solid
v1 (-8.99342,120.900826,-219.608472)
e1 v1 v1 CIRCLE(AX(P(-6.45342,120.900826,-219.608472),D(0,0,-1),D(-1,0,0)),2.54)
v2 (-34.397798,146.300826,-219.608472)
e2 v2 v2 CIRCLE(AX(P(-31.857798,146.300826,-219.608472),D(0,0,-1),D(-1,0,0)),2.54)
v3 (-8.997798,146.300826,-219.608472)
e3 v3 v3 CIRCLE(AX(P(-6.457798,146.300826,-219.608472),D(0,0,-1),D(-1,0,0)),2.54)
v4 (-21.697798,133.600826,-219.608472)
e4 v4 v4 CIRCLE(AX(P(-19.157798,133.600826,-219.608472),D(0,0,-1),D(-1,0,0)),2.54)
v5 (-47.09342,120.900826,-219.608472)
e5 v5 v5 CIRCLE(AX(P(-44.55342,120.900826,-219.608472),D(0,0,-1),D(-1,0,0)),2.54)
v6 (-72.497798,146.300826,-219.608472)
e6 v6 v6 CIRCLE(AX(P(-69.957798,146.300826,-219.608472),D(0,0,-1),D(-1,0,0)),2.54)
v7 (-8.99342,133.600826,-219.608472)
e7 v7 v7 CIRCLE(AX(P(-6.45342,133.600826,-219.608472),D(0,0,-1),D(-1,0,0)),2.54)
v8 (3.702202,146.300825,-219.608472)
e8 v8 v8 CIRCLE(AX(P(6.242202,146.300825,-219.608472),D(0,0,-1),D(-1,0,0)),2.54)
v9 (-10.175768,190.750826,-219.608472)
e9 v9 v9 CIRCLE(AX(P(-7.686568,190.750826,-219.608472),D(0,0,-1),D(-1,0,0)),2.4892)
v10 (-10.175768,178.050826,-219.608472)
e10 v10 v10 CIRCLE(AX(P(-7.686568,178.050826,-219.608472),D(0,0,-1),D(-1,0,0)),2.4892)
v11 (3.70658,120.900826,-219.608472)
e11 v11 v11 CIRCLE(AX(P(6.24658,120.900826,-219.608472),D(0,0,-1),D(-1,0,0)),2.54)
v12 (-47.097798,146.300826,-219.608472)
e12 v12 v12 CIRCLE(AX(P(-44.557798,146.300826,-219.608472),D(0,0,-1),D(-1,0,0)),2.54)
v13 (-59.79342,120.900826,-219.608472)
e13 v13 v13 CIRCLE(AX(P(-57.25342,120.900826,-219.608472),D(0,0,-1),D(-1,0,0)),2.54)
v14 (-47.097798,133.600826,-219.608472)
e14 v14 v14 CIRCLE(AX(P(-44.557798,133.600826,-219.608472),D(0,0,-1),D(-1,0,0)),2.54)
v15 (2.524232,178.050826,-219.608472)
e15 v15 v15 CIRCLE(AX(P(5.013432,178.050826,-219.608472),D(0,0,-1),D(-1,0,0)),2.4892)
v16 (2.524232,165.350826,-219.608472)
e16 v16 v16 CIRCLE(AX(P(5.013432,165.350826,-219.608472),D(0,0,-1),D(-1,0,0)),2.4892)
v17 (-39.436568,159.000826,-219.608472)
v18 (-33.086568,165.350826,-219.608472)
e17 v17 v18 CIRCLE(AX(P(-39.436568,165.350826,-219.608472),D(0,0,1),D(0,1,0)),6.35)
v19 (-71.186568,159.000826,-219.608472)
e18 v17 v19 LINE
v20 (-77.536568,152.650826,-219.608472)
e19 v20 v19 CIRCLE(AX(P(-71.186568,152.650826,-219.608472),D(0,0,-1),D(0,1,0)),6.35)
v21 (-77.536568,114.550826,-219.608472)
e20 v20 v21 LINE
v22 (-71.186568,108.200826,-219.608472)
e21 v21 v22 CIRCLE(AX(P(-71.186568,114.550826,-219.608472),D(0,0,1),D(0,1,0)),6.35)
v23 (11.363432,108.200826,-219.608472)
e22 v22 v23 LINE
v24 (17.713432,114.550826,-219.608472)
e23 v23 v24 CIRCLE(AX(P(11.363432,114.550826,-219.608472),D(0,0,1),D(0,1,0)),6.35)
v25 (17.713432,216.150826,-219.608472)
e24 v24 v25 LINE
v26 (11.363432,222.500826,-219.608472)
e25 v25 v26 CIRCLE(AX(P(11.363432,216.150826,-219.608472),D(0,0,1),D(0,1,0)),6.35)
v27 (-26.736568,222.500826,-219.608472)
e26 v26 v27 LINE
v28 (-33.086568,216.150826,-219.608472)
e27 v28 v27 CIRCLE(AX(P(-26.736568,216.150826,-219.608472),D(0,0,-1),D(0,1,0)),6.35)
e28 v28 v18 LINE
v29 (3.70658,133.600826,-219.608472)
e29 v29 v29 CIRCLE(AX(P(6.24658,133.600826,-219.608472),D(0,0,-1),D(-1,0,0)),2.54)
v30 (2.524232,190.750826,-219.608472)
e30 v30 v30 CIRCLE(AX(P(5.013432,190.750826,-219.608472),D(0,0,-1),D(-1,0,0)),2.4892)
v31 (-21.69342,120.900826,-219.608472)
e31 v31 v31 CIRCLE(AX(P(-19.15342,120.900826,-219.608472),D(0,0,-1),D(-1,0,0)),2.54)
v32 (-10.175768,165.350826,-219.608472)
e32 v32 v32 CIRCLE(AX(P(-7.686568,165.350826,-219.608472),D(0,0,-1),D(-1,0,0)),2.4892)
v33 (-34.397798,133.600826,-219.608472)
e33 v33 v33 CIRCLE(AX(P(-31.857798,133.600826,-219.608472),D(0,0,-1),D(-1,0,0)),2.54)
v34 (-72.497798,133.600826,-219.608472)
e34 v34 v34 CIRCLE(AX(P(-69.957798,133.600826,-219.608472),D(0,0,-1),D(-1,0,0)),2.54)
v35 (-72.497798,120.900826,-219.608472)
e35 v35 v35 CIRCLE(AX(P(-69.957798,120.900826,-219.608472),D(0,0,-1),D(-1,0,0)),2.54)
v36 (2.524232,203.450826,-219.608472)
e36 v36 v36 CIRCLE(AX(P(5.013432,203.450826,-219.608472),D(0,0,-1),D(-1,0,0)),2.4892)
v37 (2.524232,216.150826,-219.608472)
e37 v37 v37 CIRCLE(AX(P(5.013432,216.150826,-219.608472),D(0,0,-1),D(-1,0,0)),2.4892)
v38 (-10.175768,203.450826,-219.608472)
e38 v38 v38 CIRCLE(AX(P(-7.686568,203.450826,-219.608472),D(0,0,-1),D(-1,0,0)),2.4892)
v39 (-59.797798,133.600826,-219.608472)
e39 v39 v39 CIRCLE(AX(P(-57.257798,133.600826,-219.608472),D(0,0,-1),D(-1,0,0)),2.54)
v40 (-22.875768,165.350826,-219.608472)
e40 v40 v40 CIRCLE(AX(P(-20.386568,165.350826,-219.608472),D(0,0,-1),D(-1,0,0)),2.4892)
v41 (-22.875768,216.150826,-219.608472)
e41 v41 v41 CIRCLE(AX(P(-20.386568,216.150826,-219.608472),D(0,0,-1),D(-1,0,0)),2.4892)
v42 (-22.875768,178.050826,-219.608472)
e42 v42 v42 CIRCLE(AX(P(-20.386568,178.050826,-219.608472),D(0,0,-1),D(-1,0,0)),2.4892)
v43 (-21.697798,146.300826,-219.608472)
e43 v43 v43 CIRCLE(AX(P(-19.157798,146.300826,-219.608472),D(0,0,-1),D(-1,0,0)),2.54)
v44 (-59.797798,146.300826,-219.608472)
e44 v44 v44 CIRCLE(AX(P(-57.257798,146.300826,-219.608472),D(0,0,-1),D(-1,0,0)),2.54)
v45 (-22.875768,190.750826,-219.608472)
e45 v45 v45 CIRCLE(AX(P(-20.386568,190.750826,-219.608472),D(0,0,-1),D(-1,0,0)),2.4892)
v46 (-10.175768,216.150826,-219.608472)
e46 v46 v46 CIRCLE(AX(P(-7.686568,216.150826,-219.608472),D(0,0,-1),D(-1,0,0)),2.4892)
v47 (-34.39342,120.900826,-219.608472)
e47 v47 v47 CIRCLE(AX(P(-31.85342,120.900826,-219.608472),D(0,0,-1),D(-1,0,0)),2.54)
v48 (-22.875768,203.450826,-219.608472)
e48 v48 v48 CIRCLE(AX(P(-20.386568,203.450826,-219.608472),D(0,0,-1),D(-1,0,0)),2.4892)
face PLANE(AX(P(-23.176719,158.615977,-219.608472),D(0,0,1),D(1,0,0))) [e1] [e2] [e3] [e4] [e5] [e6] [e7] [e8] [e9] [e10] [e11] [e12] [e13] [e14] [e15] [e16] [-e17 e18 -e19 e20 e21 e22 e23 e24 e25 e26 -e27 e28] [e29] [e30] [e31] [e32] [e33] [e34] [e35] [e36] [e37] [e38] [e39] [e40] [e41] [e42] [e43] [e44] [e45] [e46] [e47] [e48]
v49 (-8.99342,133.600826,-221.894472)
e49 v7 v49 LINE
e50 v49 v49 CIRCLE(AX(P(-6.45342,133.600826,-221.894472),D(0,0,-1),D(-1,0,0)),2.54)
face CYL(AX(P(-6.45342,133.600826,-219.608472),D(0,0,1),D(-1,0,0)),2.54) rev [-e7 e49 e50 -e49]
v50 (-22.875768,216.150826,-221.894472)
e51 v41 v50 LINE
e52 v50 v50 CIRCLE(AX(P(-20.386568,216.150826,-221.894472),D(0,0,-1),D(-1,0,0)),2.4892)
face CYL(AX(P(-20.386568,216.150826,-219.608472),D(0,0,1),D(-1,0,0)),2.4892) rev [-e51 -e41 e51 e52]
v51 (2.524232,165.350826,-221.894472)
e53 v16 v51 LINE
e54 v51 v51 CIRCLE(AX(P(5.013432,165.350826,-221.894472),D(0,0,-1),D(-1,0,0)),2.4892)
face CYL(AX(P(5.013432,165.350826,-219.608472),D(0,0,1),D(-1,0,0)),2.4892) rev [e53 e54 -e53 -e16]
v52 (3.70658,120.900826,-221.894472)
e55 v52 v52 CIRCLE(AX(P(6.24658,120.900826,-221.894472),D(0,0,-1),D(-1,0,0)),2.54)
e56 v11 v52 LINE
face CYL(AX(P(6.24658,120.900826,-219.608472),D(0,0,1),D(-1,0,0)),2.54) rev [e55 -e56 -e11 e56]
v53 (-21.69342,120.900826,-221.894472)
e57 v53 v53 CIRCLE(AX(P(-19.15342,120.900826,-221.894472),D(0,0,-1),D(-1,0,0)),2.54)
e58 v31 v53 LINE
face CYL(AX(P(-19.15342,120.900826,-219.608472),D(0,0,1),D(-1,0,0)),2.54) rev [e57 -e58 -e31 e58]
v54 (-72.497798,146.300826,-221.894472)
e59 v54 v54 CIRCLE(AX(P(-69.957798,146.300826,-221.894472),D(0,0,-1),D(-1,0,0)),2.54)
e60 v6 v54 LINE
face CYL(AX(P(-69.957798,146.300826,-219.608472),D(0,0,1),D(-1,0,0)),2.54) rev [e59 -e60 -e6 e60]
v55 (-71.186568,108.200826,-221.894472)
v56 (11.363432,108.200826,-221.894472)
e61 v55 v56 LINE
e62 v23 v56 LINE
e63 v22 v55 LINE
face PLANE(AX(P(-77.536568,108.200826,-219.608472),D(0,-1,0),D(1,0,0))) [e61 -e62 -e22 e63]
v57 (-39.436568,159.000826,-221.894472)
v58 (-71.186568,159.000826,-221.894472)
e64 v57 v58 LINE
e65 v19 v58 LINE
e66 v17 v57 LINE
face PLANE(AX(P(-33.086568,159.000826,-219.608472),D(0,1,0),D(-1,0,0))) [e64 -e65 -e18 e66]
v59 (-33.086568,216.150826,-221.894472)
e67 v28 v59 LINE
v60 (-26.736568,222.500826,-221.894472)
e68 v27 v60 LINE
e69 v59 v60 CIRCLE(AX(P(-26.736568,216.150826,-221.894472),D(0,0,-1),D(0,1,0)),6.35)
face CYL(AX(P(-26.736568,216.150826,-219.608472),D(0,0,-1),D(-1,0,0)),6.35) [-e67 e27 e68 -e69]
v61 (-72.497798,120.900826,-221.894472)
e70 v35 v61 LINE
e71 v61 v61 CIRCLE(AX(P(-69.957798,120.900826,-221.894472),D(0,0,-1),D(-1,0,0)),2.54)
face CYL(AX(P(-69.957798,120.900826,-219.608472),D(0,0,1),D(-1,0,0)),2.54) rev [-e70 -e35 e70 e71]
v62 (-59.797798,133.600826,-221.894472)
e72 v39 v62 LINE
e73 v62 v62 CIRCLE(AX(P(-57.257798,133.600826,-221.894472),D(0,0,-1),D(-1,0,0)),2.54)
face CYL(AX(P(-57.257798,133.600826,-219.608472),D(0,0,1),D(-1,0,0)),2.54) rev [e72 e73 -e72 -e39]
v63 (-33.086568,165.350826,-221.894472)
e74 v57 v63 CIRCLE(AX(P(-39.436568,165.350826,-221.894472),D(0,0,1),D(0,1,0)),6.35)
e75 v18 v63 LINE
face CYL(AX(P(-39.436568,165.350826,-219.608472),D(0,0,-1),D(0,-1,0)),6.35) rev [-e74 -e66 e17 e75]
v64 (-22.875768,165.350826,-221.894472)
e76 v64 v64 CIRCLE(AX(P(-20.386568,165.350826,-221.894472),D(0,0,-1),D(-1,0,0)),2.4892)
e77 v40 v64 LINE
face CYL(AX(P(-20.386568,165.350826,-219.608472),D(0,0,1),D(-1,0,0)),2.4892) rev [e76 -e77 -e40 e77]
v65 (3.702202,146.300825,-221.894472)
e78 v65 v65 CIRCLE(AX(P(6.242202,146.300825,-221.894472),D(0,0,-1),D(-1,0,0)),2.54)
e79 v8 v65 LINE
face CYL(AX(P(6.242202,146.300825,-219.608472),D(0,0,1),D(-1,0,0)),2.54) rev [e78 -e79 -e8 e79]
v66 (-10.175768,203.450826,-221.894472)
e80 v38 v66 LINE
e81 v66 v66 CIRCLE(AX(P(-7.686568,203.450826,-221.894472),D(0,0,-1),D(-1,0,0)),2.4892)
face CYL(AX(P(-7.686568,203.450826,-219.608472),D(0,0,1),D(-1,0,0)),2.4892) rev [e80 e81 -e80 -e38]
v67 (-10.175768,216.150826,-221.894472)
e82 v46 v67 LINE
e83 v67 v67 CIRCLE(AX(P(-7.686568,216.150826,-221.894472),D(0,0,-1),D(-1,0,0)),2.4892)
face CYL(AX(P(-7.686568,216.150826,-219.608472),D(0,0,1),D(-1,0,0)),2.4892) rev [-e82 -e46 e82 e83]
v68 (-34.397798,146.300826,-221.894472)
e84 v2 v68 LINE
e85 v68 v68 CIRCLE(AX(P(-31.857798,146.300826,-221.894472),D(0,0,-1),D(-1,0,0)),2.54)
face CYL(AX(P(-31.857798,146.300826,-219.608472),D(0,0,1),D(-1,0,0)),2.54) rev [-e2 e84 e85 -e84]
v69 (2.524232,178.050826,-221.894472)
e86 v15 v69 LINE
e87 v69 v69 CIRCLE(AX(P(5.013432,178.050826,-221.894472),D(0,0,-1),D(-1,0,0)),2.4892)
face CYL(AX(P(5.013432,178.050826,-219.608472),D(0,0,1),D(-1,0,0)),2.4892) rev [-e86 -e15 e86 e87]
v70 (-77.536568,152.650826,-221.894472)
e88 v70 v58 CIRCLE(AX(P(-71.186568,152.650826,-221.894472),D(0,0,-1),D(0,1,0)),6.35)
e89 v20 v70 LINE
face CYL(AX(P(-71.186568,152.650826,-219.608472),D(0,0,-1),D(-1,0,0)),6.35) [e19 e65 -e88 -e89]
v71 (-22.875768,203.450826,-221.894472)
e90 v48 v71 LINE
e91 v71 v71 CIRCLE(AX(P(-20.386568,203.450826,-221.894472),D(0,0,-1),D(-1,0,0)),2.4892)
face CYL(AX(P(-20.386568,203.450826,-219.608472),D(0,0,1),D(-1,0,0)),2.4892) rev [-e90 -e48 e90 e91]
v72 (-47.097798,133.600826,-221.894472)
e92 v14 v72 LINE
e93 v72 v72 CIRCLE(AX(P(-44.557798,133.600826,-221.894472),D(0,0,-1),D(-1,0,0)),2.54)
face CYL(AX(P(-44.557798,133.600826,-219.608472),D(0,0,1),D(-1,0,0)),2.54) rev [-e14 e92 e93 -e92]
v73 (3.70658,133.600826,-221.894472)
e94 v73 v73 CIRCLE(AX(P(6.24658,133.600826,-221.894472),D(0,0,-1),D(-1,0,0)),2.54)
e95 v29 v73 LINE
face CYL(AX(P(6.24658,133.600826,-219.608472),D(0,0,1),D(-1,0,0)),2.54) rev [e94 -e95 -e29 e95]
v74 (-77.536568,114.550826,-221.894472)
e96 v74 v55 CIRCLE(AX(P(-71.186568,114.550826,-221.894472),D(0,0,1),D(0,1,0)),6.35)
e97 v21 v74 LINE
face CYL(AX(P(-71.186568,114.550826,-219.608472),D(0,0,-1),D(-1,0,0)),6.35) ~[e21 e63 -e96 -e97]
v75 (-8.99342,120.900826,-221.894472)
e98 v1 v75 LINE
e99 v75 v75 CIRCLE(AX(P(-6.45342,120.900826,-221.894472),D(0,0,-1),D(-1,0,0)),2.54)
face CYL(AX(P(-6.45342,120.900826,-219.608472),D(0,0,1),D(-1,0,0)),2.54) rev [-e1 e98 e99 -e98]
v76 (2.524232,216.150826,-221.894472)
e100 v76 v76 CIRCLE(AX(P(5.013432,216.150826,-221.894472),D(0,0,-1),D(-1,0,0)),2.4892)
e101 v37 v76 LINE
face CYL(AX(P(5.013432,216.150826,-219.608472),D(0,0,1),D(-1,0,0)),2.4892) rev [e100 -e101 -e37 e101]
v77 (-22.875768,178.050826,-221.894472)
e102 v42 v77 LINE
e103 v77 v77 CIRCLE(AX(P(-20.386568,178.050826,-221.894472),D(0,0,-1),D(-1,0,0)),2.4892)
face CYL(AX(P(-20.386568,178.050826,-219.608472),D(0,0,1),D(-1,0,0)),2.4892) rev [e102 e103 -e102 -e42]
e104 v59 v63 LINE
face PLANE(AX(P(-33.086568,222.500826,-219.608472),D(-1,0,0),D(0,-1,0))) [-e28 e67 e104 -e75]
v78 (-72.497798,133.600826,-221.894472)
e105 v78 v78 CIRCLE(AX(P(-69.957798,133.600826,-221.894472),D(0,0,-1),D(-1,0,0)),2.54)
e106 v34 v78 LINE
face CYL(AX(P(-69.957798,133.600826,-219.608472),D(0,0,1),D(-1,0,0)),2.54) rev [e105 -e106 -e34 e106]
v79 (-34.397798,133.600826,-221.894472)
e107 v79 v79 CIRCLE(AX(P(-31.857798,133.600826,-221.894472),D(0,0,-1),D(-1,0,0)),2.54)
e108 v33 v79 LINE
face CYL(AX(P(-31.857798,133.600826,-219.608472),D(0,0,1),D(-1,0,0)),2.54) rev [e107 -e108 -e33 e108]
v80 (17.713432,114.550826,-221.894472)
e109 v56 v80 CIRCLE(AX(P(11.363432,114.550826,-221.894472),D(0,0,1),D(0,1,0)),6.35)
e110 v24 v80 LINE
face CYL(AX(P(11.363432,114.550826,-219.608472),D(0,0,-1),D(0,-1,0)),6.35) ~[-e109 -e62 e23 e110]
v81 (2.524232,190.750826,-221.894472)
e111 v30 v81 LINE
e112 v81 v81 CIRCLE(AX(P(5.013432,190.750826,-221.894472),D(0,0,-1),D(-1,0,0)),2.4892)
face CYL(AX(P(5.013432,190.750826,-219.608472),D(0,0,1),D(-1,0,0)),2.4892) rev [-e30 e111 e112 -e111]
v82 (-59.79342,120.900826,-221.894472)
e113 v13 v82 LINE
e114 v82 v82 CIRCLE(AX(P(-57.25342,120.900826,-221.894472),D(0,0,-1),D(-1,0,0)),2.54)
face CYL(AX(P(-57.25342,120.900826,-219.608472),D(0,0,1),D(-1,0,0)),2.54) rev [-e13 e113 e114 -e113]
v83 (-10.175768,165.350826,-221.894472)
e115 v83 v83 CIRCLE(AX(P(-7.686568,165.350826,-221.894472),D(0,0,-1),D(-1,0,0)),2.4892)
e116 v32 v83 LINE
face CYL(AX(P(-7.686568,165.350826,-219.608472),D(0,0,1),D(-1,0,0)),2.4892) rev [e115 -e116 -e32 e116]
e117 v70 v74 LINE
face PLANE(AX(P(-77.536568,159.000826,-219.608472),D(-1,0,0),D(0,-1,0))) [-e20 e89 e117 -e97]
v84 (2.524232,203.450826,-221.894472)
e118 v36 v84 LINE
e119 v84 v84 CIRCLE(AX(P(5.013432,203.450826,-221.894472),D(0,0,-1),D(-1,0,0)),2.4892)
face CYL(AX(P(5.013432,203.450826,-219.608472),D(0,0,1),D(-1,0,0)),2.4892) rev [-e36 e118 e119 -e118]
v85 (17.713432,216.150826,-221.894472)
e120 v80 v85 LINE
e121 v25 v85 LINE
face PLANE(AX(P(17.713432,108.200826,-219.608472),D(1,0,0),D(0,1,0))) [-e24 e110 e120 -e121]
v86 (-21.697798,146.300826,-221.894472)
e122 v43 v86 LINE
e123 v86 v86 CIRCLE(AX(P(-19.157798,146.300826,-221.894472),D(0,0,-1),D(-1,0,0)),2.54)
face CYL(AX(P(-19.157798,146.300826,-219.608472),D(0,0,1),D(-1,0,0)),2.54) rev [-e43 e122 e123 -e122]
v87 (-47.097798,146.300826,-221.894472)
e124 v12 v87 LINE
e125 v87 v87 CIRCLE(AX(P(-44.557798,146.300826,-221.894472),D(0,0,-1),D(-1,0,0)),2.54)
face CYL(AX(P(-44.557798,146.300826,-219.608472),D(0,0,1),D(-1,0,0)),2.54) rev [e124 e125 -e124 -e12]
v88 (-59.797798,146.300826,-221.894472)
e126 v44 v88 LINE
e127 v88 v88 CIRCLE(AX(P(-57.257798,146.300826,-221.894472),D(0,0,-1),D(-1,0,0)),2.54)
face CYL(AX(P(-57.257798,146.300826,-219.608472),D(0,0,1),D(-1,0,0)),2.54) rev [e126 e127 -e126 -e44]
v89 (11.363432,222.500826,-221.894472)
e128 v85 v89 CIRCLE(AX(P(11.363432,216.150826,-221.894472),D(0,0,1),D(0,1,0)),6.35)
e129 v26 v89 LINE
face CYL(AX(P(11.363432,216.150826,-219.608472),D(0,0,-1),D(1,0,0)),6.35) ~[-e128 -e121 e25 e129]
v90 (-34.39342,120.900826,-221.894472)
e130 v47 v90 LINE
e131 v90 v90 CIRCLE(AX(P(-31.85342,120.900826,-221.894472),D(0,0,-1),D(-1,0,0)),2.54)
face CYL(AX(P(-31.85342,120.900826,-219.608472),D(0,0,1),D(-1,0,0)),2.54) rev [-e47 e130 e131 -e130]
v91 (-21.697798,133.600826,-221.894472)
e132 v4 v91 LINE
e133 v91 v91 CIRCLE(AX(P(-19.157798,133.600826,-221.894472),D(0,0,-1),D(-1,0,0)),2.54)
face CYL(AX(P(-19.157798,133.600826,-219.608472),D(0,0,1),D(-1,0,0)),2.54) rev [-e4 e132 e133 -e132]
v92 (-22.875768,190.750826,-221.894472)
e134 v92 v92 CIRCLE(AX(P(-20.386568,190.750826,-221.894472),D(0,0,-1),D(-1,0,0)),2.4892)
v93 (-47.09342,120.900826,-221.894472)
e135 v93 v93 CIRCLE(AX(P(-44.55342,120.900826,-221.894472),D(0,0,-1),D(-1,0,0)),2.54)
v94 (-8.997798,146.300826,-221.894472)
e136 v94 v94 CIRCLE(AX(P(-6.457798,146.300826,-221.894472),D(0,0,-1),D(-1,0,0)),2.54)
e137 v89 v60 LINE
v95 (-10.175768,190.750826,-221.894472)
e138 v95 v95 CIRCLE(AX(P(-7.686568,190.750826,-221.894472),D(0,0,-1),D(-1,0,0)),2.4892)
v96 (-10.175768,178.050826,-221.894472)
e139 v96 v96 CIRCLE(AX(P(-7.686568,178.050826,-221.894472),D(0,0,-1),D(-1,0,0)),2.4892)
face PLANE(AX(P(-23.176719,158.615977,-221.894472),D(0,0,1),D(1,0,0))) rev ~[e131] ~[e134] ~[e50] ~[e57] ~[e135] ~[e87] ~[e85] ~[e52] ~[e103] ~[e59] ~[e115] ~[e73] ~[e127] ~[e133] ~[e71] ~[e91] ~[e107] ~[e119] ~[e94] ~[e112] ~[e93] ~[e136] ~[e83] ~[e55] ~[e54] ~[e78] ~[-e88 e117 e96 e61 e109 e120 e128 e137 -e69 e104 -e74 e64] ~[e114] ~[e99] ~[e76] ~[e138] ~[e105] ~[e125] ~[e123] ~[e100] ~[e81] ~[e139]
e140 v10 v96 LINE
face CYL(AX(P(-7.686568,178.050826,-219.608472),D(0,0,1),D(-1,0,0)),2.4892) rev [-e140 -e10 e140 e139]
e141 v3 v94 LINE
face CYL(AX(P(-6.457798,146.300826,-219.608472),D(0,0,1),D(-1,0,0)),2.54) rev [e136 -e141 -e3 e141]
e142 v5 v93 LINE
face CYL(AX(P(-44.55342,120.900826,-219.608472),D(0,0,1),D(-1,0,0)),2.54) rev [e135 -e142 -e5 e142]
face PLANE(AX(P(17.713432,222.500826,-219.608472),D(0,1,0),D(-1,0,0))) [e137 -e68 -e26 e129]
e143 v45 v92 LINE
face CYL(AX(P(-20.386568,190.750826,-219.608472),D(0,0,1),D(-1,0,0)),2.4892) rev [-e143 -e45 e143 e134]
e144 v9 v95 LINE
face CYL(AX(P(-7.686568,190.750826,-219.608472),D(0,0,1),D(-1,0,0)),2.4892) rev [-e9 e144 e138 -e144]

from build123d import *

# Parameters (mm, degrees)
SKETCH1_R           = 2.54
SKETCH1_R_2         = 2.4892
BOSS_EXTRUDE1_DEPTH = 2.286
FILLET1_R           = 6.35


with BuildPart() as part:
    # Sketch1 → Boss-Extrude1 (new body)
    with BuildSketch(Plane(origin=(0, 0, -219.608471563), x_dir=(-1, 0, 0), z_dir=(0, 0, -1))):
        Polygon((77.53656774, 159.000825673), (77.53656774, 108.200825673), (-17.71343226, 108.200825673), (-17.71343226, 222.500825674), (33.08656774, 222.500825674), (33.08656774, 159.000825673), align=None)
        with Locations((44.553419861, 120.900826428)):
            Circle(SKETCH1_R, mode=Mode.SUBTRACT)
        with Locations((57.257798242, 133.600825673)):
            Circle(SKETCH1_R, mode=Mode.SUBTRACT)
        with Locations((69.957798242, 146.300825673)):
            Circle(SKETCH1_R, mode=Mode.SUBTRACT)
        with Locations((69.957798242, 133.600825673)):
            Circle(SKETCH1_R, mode=Mode.SUBTRACT)
        with Locations((69.957798242, 120.900825673)):
            Circle(SKETCH1_R, mode=Mode.SUBTRACT)
        with Locations((57.253419861, 120.900826428)):
            Circle(SKETCH1_R, mode=Mode.SUBTRACT)
        with Locations((20.38656774, 165.350825674)):
            Circle(SKETCH1_R_2, mode=Mode.SUBTRACT)
        with Locations((-6.242201758, 146.300824919)):
            Circle(SKETCH1_R, mode=Mode.SUBTRACT)
        with Locations((-6.246580139, 133.600825673)):
            Circle(SKETCH1_R, mode=Mode.SUBTRACT)
        with Locations((6.457798242, 146.300825673)):
            Circle(SKETCH1_R, mode=Mode.SUBTRACT)
        with Locations((6.453419861, 133.600826428)):
            Circle(SKETCH1_R, mode=Mode.SUBTRACT)
        with Locations((19.157798242, 146.300825673)):
            Circle(SKETCH1_R, mode=Mode.SUBTRACT)
        with Locations((-6.246580139, 120.900825673)):
            Circle(SKETCH1_R, mode=Mode.SUBTRACT)
        with Locations((6.453419861, 120.900826428)):
            Circle(SKETCH1_R, mode=Mode.SUBTRACT)
        with Locations((19.153419861, 120.900826428)):
            Circle(SKETCH1_R, mode=Mode.SUBTRACT)
        with Locations((19.157798242, 133.600825673)):
            Circle(SKETCH1_R, mode=Mode.SUBTRACT)
        with Locations((31.857798242, 133.600825673)):
            Circle(SKETCH1_R, mode=Mode.SUBTRACT)
        with Locations((44.557798242, 133.600825673)):
            Circle(SKETCH1_R, mode=Mode.SUBTRACT)
        with Locations((31.857798242, 146.300825673)):
            Circle(SKETCH1_R, mode=Mode.SUBTRACT)
        with Locations((44.557798242, 146.300825673)):
            Circle(SKETCH1_R, mode=Mode.SUBTRACT)
        with Locations((57.257798242, 146.300825673)):
            Circle(SKETCH1_R, mode=Mode.SUBTRACT)
        with Locations((31.853419861, 120.900826428)):
            Circle(SKETCH1_R, mode=Mode.SUBTRACT)
        with Locations((-5.01343226, 216.150825674)):
            Circle(SKETCH1_R_2, mode=Mode.SUBTRACT)
        with Locations((7.68656774, 216.150825674)):
            Circle(SKETCH1_R_2, mode=Mode.SUBTRACT)
        with Locations((20.38656774, 216.150825674)):
            Circle(SKETCH1_R_2, mode=Mode.SUBTRACT)
        with Locations((-5.01343226, 203.450825674)):
            Circle(SKETCH1_R_2, mode=Mode.SUBTRACT)
        with Locations((7.68656774, 203.450825674)):
            Circle(SKETCH1_R_2, mode=Mode.SUBTRACT)
        with Locations((20.38656774, 203.450825674)):
            Circle(SKETCH1_R_2, mode=Mode.SUBTRACT)
        with Locations((-5.01343226, 190.750825674)):
            Circle(SKETCH1_R_2, mode=Mode.SUBTRACT)
        with Locations((7.68656774, 190.750825674)):
            Circle(SKETCH1_R_2, mode=Mode.SUBTRACT)
        with Locations((20.38656774, 190.750825674)):
            Circle(SKETCH1_R_2, mode=Mode.SUBTRACT)
        with Locations((-5.01343226, 178.050825674)):
            Circle(SKETCH1_R_2, mode=Mode.SUBTRACT)
        with Locations((7.68656774, 178.050825674)):
            Circle(SKETCH1_R_2, mode=Mode.SUBTRACT)
        with Locations((20.38656774, 178.050825674)):
            Circle(SKETCH1_R_2, mode=Mode.SUBTRACT)
        with Locations((-5.01343226, 165.350825674)):
            Circle(SKETCH1_R_2, mode=Mode.SUBTRACT)
        with Locations((7.68656774, 165.350825674)):
            Circle(SKETCH1_R_2, mode=Mode.SUBTRACT)
    extrude(amount=BOSS_EXTRUDE1_DEPTH)

    # Fillet1
    fillet1_edges = [part.edges().sort_by_distance(p)[0] for p in [
        (17.71343226, 108.200825673, -220.751471563),
        (17.71343226, 222.500825674, -220.751471563),
        (-33.08656774, 222.500825674, -220.751471563),
        (-33.08656774, 159.000825673, -220.751471563),
        (-77.53656774, 159.000825673, -220.751471563),
        (-77.53656774, 108.200825673, -220.751471563),
    ]]
    fillet(fillet1_edges, radius=FILLET1_R)


solid = part.part
